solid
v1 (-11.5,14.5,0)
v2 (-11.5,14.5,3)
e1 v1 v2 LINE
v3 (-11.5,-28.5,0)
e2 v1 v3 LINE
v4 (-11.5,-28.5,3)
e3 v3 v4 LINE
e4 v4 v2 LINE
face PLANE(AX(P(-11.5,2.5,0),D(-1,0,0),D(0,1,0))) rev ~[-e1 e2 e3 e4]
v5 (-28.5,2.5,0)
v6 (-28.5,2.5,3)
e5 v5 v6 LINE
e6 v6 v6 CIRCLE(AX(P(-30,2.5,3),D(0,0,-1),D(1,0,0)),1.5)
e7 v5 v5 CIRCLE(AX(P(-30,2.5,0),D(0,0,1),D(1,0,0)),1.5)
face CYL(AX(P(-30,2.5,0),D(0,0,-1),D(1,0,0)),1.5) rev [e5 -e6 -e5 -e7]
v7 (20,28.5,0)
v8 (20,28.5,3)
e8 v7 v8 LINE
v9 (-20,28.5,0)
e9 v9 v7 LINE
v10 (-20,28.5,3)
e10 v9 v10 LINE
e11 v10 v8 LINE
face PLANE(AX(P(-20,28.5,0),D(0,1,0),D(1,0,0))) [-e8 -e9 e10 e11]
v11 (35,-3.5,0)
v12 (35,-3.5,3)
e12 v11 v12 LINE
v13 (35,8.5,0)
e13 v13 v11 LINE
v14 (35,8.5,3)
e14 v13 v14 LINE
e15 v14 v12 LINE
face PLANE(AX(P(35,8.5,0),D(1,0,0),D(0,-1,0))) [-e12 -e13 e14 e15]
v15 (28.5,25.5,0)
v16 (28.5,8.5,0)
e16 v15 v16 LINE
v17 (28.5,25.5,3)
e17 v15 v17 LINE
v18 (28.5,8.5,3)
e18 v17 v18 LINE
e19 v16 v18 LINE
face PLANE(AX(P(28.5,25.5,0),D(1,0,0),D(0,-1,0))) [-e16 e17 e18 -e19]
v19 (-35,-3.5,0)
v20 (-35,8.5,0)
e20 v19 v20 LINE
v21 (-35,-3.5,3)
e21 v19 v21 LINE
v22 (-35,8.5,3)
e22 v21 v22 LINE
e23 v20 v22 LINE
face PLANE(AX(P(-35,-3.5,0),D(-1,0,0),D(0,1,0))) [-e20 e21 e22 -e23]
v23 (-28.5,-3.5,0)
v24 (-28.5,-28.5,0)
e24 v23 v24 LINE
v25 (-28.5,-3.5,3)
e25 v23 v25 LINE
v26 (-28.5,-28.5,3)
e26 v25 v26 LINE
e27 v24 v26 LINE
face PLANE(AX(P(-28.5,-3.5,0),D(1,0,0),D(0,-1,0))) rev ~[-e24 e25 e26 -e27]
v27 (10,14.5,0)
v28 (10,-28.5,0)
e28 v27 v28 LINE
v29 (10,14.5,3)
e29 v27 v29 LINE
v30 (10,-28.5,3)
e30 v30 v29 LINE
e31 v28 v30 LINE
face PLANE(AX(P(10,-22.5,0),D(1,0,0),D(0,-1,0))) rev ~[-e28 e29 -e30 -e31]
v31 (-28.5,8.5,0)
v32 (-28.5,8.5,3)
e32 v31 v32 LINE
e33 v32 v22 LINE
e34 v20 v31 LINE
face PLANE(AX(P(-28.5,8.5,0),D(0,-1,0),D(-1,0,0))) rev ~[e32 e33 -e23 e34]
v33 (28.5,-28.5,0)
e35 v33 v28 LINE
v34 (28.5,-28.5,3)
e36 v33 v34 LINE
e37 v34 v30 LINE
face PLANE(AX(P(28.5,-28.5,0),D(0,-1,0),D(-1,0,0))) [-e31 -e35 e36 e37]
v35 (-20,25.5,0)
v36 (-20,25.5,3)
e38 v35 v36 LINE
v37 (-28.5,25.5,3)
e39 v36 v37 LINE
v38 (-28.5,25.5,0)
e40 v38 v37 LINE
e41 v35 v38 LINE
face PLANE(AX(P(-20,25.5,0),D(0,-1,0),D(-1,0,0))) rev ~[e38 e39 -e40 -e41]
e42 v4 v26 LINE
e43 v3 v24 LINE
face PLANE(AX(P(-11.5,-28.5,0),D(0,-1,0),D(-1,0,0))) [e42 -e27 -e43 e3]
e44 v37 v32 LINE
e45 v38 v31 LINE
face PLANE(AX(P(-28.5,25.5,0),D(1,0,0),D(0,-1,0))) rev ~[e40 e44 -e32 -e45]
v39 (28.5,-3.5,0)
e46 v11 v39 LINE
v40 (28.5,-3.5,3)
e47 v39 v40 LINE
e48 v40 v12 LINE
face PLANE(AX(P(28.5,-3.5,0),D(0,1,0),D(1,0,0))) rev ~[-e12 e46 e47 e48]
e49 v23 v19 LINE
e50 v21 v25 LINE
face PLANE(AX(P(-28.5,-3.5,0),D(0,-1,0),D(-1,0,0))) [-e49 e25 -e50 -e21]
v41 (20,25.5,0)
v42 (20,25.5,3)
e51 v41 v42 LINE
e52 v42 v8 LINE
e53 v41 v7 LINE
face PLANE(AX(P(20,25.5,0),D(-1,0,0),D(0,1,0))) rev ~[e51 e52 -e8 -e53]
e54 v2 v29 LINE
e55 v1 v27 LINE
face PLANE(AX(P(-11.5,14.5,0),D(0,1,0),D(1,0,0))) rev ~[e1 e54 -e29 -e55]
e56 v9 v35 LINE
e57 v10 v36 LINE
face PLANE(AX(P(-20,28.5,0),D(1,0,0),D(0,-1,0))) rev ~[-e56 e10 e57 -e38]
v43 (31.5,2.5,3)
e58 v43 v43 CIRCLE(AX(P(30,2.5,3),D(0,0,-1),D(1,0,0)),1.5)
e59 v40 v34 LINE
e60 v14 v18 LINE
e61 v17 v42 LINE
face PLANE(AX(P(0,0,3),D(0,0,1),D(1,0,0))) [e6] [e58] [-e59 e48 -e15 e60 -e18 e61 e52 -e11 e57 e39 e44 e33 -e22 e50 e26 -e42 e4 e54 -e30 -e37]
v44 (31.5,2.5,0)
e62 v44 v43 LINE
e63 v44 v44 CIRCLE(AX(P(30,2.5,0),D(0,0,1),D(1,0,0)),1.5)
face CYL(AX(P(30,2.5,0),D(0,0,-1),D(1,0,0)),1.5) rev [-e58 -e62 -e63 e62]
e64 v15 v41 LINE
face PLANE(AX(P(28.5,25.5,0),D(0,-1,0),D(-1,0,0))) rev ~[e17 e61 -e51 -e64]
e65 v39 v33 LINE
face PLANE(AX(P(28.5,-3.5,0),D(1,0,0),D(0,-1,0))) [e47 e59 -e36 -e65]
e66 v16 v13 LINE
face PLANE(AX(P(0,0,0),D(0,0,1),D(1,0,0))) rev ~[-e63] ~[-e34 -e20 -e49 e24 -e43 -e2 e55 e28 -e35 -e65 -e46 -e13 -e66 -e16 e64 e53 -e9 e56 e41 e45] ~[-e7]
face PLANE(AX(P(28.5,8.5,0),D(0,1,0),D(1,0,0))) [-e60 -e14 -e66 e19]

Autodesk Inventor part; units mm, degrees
ref_plane "YZ Plane" through (0, 0, 0) normal (1, 0, 0) x (0, 1, 0)
ref_plane "XZ Plane" through (0, 0, 0) normal (0, 1, 0) x (-1, 0, 0)
ref_plane "XY Plane" through (0, 0, 0) normal (0, 0, 1) x (1, 0, 0)
sketch "Эскиз1" plane through (0, 0, 0) normal (0, 0, 1) x (1, 0, 0)
  line L0 (31.5, -28.5) -> (-31.5, -28.5)
  line L1 (-31.5, -28.5) -> (-31.5, 28.5)
  line L2 (-31.5, 28.5) -> (31.5, 28.5)
  line L3 (31.5, 28.5) -> (31.5, -28.5)
  line L4 (31.5, -28.5) -> (-31.5, 28.5) construction
  line L5 (-31.5, -28.5) -> (31.5, 28.5) construction
  line L6 (-31.5, 28.5) -> (31.5, 28.5)
  line L7 (31.5, 28.5) -> (31.5, 25.5)
  line L8 (31.5, 25.5) -> (-31.5, 25.5)
  line L9 (-31.5, 25.5) -> (-31.5, 28.5)
  line L10 (-31.5, 28.5) -> (-28.5, 28.5)
  line L11 (-28.5, 28.5) -> (-28.5, -28.5)
  line L12 (-28.5, -28.5) -> (-31.5, -28.5)
  line L13 (-31.5, -28.5) -> (-31.5, 28.5)
  line L14 (31.5, 28.5) -> (28.5, 28.5)
  line L15 (28.5, 28.5) -> (28.5, -28.5)
  line L16 (28.5, -28.5) -> (31.5, -28.5)
  line L17 (31.5, -28.5) -> (31.5, 28.5)
  line L18 (11.5, -8.5) -> (-11.5, -8.5)
  line L19 (-11.5, -8.5) -> (-11.5, 14.5)
  line L20 (-11.5, 14.5) -> (11.5, 14.5)
  line L21 (11.5, 14.5) -> (11.5, -8.5)
  line L22 (11.5, -8.5) -> (-11.5, 14.5) construction
  line L23 (-11.5, -8.5) -> (11.5, 14.5) construction
  line L24 (-11.5, 14.5) -> (10, 14.5)
  line L25 (10, 14.5) -> (10, -28.5)
  line L26 (10, -28.5) -> (-11.5, -28.5)
  line L27 (-11.5, -28.5) -> (-11.5, 14.5)
  line L28 (-31.5, 28.5) -> (-28.5, 28.5)
  line L29 (-28.5, 28.5) -> (-28.5, 8.5)
  line L30 (-28.5, 8.5) -> (-31.5, 8.5)
  line L31 (-31.5, 8.5) -> (-31.5, 28.5)
  line L32 (-31.5, 8.5) -> (-28.5, 8.5)
  line L33 (-28.5, 8.5) -> (-28.5, -3.5)
  line L34 (-28.5, -3.5) -> (-31.5, -3.5)
  line L35 (-31.5, -3.5) -> (-31.5, 8.5)
  line L36 (0, 0) -> (0, 3)
  line L37 (28.5, 8.5) -> (31.5, 8.5)
  line L38 (28.5, -3.5) -> (31.5, -3.5)
  line L39 (-20, -22.5) -> (20, -22.5)
  line L40 (20, -22.5) -> (20, 28.5)
  line L41 (20, 28.5) -> (-20, 28.5)
  line L42 (-20, 28.5) -> (-20, -22.5)
  line L43 (-20, -22.5) -> (20, 28.5) construction
  line L44 (20, -22.5) -> (-20, 28.5) construction
  line L45 (-28.5, 2.5) -> (28.5, 2.5)
  line L46 (35, -28.5) -> (-35, -28.5)
  line L47 (-35, -28.5) -> (-35, 28.5)
  line L48 (-35, 28.5) -> (35, 28.5)
  line L49 (35, 28.5) -> (35, -28.5)
  line L50 (35, -28.5) -> (-35, 28.5) construction
  line L51 (-35, -28.5) -> (35, 28.5) construction
  line L52 (-28.5, 2.5) -> (-30, 2.5)
  circle A0 centre (-30, 2.5) radius 1.5
  circle A1 centre (30, 2.5) radius 1.5
  line L53 (-31.5, 8.5) -> (-35, 8.5)
  line L54 (-35, 8.5) -> (-35, -3.5)
  line L55 (-35, -3.5) -> (-31.5, -3.5)
  line L56 (-31.5, -3.5) -> (-31.5, 8.5)
  line L57 (31.5, -3.5) -> (35, -3.5)
  line L58 (35, -3.5) -> (35, 8.5)
  line L59 (35, 8.5) -> (31.5, 8.5)
  line L60 (31.5, 8.5) -> (31.5, -3.5)
  point P0 (-31.5, -3.5)
  point P1 (-11.5, -28.5)
  point P2 (-28.5, 25.5)
  point P3 (-31.5, 8.5)
  point P4 (-20, 25.5)
  point P5 (28.5, -3.5)
  point P6 (31.5, -3.5)
  point P7 (28.5, 8.5)
  point P8 (28.5, 25.5)
  point P9 (20, 25.5)
  point P10 (20, 28.5)
  point P11 (10, -8.5)
  dimension "d0" = 63
  dimension "d1" = 57
  dimension "d2" = 3
  dimension "d3" = 3
  dimension "d4" = 3
  dimension "d5" = 23
  dimension "d6" = 23
  dimension "d7" = 20
  dimension "d8" = 12
  dimension "d12" = 40
  dimension "d13" = 70
extrude "Выдавливание1" add sketch "Эскиз1" along normal blind 3 contours L0 L25 L39 L40 L45 L15 | L38 L15 A1 L3 | L3 L59 L49 L57 | A1 L15 L37 L3 | L0 L11 L45 L42 L39 L27 | L25 L18 L21 L45 L40 L39 | L45 L40 L8 L15 | L39 L42 L45 L19 L27 | L25 L45 L21 L18 | L45 L21 L20 L19 L42 L8 L40 | L34 L1 A0 L11 | L25 L20 L21 L45 | L8 L42 L2 L40 | L55 L47 L53 L1 | A0 L1 L30 L11 | L11 L8 L42 L45
properties part number "бок"
